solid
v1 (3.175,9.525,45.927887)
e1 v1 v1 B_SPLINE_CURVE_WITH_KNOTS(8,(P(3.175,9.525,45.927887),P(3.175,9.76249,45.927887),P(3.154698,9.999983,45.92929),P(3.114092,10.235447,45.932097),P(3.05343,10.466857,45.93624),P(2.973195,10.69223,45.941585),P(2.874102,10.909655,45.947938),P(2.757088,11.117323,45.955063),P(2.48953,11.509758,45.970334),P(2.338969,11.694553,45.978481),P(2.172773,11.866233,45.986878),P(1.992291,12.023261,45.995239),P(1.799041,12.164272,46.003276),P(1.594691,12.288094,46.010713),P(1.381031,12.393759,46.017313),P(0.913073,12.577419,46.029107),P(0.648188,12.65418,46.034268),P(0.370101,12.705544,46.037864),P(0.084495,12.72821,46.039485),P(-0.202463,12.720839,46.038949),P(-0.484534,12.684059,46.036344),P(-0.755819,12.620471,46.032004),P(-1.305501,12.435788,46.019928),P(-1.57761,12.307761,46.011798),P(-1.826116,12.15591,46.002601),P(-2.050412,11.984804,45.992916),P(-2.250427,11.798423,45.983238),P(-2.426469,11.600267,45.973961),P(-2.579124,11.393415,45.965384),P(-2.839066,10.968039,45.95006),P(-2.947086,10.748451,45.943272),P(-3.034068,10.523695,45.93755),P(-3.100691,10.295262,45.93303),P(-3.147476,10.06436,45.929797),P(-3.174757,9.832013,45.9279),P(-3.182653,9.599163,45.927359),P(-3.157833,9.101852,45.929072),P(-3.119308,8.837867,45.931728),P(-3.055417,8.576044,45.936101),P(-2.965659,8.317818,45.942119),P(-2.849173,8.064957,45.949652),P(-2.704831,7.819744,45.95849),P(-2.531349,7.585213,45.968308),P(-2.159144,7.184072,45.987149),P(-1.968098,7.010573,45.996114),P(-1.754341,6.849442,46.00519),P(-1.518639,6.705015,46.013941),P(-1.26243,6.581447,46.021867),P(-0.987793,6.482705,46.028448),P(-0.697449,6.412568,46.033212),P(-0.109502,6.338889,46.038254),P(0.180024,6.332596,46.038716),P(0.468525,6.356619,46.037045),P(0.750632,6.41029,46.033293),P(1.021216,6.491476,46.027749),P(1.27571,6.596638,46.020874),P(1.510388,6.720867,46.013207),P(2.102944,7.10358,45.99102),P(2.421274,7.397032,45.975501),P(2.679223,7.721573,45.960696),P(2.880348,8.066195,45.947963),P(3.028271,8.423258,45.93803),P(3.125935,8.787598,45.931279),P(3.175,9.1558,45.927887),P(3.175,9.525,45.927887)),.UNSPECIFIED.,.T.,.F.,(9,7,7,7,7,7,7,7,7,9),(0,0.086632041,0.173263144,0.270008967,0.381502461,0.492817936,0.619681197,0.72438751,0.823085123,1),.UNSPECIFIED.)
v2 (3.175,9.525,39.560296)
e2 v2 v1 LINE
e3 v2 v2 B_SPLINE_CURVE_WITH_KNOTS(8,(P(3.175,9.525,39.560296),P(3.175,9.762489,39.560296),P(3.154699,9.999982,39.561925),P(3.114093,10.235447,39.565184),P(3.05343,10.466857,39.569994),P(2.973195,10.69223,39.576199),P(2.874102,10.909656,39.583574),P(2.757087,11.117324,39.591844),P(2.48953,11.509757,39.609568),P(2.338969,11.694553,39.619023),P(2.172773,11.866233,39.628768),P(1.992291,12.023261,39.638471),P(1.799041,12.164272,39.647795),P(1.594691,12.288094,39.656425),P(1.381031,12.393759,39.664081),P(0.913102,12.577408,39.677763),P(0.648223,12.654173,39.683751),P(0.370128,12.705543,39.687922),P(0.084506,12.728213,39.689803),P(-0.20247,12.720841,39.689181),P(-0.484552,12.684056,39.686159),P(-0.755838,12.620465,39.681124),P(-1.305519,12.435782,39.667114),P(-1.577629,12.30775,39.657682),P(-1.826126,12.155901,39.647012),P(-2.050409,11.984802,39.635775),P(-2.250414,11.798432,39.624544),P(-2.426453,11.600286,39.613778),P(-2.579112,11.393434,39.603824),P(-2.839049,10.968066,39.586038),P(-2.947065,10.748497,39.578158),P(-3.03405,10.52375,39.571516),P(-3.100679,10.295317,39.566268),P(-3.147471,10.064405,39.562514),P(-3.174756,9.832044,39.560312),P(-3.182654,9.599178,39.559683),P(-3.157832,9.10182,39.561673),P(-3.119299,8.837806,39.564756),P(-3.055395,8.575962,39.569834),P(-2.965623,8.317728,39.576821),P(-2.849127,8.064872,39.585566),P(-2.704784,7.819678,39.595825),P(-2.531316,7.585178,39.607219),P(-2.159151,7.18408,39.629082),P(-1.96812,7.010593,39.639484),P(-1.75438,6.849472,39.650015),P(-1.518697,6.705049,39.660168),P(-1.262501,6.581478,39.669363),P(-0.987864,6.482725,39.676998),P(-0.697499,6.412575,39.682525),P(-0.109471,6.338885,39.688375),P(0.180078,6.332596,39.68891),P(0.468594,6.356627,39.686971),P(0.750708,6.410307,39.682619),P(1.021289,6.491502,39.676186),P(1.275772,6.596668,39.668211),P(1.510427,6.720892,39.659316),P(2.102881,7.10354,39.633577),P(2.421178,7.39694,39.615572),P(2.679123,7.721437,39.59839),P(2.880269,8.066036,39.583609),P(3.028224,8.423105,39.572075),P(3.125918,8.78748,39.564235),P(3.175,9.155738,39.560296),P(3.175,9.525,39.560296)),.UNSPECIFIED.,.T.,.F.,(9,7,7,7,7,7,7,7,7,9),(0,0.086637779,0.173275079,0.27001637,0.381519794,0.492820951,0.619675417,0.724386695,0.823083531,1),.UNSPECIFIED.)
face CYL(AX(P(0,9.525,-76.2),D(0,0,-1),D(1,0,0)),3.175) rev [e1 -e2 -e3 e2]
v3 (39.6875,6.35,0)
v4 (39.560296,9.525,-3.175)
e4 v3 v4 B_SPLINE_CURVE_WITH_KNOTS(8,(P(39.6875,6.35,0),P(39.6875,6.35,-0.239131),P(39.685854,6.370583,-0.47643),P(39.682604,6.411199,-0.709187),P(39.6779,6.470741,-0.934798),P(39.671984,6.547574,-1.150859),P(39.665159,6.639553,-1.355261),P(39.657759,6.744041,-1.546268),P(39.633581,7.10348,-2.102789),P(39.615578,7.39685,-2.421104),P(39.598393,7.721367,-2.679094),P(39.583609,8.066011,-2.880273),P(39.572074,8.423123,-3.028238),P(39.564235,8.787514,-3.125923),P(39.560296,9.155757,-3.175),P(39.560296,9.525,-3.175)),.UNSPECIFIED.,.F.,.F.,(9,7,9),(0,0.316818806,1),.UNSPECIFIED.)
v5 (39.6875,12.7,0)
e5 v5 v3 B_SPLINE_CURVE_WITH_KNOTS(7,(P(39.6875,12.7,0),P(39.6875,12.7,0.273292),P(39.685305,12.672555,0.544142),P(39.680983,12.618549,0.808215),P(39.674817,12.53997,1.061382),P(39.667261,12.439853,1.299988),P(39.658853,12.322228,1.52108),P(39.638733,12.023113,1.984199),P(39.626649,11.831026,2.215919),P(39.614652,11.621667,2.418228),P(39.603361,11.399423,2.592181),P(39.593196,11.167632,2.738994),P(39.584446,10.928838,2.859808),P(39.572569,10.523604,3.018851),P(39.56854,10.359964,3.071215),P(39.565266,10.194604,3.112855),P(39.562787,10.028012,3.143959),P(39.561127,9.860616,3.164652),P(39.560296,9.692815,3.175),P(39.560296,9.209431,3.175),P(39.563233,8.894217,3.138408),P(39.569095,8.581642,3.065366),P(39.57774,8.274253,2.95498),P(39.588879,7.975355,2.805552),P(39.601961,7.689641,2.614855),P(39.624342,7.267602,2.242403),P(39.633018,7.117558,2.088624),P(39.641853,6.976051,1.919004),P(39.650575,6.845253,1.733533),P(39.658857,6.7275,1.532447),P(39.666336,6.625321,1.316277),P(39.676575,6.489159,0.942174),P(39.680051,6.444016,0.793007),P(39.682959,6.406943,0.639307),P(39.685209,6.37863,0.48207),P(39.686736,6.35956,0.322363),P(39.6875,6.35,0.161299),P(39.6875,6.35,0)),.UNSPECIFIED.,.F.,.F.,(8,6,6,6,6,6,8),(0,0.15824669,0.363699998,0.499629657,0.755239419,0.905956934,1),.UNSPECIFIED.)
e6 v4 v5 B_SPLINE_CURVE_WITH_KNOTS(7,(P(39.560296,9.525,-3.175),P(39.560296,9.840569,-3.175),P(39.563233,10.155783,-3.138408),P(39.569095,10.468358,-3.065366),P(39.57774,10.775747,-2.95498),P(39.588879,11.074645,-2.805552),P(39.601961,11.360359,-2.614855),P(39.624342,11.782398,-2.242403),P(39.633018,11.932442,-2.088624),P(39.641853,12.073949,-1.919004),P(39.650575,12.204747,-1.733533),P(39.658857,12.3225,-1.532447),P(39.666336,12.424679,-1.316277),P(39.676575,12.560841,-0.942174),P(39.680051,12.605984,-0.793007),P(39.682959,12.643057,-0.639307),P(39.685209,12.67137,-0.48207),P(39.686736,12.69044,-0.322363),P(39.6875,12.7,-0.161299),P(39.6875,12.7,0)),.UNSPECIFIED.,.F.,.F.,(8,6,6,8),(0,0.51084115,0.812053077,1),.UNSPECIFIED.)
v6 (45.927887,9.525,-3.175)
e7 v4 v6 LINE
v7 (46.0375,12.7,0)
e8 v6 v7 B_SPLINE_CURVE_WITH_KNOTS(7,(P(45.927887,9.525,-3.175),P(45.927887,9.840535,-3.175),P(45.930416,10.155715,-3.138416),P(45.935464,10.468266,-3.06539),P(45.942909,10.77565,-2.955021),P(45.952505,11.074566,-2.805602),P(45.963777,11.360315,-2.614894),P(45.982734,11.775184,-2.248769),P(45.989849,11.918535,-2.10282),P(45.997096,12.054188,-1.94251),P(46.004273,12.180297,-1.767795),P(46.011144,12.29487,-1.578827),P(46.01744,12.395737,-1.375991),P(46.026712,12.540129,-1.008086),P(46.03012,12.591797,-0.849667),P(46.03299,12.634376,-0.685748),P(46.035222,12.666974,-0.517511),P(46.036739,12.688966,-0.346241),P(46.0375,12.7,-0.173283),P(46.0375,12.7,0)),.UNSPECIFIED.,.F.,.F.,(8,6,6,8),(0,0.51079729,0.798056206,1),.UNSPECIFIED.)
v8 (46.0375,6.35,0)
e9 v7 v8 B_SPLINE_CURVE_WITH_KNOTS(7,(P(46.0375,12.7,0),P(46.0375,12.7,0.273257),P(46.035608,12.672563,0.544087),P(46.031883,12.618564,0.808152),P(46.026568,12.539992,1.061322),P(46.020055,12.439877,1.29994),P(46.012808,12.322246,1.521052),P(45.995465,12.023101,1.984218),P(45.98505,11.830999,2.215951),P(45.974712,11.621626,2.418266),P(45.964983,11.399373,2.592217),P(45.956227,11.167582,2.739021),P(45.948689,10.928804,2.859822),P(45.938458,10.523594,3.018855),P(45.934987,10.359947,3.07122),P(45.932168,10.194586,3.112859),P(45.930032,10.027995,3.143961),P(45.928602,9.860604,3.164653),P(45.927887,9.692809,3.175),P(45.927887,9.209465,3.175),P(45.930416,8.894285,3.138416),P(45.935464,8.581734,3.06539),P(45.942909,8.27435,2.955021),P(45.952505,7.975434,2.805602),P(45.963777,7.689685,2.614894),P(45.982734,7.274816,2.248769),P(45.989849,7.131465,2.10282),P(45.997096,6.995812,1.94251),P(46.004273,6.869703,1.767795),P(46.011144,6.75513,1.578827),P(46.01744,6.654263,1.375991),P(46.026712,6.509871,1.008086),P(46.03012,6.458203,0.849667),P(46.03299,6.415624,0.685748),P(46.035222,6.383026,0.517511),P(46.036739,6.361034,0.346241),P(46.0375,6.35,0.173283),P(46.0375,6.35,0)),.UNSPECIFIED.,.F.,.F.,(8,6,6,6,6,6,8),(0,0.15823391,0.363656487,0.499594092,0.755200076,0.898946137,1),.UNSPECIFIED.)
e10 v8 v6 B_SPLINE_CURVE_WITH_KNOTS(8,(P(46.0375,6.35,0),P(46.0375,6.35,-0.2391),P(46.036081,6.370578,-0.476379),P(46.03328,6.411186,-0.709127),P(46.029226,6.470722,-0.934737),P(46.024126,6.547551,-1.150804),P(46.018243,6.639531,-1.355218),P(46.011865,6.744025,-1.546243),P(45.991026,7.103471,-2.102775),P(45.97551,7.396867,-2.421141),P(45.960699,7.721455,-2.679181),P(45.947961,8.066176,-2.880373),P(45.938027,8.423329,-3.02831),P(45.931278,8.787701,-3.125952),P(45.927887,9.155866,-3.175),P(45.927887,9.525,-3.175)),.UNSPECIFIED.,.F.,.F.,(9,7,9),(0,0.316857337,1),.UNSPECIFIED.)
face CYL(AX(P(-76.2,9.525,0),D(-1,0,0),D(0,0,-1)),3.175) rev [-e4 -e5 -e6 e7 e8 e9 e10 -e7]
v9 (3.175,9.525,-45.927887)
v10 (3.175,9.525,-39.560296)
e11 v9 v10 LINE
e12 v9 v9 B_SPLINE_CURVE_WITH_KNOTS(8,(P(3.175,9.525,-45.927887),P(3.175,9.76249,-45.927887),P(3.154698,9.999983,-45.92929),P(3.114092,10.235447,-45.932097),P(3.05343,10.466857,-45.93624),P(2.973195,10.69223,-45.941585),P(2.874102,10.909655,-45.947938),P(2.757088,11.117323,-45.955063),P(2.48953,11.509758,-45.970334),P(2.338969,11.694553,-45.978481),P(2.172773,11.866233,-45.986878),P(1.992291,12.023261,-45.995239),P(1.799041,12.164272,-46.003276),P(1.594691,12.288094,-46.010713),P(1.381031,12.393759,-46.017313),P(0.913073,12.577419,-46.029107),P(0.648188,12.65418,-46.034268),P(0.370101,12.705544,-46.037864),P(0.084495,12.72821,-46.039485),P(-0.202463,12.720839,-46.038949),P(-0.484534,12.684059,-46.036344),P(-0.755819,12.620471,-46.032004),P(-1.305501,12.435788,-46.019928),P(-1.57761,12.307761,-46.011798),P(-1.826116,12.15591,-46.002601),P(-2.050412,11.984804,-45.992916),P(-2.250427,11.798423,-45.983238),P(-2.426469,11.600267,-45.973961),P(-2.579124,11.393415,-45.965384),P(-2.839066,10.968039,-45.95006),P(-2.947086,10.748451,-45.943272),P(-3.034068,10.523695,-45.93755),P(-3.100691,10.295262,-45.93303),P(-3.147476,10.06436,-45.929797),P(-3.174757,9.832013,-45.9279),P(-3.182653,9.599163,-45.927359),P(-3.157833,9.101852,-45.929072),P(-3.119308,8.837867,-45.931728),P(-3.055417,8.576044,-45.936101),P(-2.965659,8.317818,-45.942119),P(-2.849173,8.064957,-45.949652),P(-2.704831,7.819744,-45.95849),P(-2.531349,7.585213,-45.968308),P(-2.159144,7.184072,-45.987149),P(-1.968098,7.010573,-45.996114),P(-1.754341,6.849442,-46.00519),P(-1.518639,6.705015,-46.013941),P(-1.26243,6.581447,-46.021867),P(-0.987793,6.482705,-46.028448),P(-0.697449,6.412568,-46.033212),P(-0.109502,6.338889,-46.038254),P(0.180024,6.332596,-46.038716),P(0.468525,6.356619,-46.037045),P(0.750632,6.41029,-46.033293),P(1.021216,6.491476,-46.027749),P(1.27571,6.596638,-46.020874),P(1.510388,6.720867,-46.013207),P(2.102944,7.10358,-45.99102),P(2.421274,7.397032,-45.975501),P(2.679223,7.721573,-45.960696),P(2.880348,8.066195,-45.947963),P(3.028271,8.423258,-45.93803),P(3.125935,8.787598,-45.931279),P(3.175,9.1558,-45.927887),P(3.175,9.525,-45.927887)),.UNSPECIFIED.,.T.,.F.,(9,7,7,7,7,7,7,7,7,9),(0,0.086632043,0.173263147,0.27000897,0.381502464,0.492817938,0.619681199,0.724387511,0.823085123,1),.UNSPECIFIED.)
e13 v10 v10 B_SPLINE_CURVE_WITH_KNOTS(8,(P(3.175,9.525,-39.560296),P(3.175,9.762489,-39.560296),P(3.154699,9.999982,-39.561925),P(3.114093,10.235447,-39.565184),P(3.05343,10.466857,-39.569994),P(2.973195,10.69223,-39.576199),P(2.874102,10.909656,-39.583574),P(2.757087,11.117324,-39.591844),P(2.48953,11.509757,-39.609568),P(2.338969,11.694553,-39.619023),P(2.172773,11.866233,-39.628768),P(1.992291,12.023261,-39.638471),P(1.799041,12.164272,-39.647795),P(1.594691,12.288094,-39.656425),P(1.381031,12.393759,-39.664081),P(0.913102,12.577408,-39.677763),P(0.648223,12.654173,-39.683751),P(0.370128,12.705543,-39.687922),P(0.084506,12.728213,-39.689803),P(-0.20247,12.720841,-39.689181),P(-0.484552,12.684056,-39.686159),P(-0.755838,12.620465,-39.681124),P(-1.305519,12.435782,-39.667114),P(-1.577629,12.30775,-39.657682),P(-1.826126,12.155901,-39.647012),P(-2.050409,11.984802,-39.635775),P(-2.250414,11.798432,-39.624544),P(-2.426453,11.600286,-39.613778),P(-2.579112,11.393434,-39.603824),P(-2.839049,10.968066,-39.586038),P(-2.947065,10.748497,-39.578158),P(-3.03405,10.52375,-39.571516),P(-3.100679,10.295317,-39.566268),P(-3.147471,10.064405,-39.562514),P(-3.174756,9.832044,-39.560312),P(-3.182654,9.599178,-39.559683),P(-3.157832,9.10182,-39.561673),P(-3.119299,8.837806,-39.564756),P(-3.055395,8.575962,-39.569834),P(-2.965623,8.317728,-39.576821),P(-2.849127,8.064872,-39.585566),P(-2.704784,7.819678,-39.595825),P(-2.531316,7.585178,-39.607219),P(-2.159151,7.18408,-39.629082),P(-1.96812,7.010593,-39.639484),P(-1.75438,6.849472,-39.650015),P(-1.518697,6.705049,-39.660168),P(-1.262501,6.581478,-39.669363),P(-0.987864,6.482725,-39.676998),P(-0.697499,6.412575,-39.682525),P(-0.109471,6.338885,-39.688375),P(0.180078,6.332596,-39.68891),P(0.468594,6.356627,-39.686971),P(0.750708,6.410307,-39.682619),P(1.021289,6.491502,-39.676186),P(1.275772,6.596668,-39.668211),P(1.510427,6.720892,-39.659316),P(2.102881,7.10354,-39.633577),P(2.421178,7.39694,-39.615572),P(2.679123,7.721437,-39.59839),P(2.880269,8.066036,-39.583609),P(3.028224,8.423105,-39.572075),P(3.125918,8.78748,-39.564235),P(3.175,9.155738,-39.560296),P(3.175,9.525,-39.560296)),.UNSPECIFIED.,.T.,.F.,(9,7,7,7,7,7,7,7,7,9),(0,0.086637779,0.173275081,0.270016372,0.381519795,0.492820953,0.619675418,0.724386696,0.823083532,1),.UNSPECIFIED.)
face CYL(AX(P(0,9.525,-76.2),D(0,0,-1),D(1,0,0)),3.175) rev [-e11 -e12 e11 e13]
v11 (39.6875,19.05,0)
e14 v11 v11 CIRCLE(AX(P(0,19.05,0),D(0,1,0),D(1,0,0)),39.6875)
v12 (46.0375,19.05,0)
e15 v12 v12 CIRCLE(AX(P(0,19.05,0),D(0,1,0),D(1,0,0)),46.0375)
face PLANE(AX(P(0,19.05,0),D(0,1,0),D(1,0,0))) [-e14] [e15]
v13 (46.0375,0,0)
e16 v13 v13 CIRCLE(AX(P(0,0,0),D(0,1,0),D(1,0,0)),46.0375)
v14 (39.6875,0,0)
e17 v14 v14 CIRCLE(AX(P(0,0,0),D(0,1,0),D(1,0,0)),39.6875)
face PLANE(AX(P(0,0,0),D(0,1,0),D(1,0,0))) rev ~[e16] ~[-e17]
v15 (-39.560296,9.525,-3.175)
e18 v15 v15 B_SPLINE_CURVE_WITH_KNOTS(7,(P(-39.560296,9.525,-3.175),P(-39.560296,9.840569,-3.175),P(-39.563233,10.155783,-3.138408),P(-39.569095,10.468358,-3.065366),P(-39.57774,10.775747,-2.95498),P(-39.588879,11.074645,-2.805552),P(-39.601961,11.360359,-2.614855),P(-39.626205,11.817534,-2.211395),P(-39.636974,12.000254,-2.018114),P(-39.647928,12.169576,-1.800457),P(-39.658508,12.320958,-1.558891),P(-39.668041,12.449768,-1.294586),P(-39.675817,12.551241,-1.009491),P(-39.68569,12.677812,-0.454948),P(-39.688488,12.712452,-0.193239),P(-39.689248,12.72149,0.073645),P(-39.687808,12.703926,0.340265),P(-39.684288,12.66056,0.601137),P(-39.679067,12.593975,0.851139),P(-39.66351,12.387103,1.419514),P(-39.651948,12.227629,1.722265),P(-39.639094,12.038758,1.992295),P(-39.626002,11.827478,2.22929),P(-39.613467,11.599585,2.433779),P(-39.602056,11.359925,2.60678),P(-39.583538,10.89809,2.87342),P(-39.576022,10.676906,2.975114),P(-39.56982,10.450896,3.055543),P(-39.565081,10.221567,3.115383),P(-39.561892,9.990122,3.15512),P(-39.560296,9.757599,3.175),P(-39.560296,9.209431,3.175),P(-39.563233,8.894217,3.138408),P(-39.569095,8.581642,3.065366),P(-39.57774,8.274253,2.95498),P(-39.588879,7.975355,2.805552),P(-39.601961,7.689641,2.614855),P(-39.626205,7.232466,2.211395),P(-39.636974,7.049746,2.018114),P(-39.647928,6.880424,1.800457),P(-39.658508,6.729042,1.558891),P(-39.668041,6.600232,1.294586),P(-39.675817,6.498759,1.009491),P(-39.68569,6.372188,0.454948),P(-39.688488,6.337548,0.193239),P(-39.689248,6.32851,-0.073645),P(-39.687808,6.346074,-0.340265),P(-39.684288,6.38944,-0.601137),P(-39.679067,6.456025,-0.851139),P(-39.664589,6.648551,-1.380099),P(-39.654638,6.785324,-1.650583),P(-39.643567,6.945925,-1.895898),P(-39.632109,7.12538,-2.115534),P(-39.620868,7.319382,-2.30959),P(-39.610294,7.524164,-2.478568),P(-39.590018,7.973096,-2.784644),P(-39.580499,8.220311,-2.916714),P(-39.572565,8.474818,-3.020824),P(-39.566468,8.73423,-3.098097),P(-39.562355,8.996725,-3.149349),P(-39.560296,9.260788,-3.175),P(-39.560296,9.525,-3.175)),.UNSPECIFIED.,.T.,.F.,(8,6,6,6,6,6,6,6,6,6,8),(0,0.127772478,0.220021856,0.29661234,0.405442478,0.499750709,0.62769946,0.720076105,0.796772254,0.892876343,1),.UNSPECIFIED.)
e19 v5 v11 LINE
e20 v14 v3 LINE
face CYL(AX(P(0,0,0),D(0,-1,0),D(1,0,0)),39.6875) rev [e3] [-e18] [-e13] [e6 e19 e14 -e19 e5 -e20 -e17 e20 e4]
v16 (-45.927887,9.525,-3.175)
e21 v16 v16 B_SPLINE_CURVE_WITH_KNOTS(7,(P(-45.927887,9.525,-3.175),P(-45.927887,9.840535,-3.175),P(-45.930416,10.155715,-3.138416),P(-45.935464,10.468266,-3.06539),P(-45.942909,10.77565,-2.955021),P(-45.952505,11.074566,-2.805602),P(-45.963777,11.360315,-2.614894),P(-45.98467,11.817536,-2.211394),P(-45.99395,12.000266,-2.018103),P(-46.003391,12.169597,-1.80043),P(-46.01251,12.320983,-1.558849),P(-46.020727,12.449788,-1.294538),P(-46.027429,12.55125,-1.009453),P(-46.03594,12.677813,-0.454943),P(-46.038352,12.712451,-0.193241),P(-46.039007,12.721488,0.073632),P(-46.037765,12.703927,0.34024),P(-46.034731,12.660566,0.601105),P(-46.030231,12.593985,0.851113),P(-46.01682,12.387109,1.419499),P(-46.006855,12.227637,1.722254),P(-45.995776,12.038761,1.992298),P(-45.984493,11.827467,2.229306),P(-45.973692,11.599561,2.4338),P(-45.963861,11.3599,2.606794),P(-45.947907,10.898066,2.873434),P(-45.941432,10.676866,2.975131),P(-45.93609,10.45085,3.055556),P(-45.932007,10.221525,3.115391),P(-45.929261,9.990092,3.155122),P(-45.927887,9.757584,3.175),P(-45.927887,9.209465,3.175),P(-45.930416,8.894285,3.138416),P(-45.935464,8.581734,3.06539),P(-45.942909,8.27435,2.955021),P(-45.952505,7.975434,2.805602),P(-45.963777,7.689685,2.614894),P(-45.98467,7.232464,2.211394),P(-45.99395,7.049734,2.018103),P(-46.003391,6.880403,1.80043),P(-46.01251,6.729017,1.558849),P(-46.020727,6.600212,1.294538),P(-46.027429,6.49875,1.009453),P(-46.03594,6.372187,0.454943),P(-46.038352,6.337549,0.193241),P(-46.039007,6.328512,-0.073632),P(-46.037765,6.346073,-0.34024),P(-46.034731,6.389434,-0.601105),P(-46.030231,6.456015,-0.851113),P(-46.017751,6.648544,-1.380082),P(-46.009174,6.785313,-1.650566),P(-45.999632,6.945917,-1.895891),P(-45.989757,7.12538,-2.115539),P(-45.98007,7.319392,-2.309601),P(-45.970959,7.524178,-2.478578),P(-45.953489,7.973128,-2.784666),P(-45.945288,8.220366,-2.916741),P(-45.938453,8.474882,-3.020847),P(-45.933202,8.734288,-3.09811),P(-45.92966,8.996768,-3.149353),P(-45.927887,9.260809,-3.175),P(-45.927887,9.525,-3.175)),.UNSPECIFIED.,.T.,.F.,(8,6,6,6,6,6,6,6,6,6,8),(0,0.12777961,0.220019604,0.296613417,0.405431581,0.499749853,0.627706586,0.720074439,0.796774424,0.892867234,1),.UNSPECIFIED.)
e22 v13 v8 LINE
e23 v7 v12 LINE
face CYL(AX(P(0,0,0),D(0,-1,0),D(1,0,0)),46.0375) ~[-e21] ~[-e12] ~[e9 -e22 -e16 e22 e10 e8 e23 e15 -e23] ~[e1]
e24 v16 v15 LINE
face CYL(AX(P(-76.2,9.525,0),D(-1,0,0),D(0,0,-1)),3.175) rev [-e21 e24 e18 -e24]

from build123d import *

# Parameters (mm, degrees)
SKETCH1_R               = 46.0375
SKETCH1_R_2             = 39.6875
BOSS_EXTRUDE1_DEPTH     = 19.05
CUT_EXTRUDE4_DEPTH      = 76.2
CUT_EXTRUDE4_DEPTH_BACK = 76.2
SKETCH7_R               = 3.175
CUT_EXTRUDE5_DEPTH      = 76.2
CUT_EXTRUDE5_DEPTH_BACK = 76.2
SKETCH10_R              = 3.175


with BuildPart() as part:
    # Sketch1 → Boss-Extrude1 (new body)
    with BuildSketch(Plane(origin=(0, 0, 0), x_dir=(1, 0, 0), z_dir=(0, 1, 0))):
        Circle(SKETCH1_R)
        Circle(SKETCH1_R_2, mode=Mode.SUBTRACT)
    extrude(amount=BOSS_EXTRUDE1_DEPTH)

    # Sketch7 → Cut-Extrude4 (cut, two sides: drawn at the far end of the back side and taken through both)
    with BuildSketch(Plane.XY.offset(-CUT_EXTRUDE4_DEPTH_BACK)):
        with Locations((0, 9.525)):
            Circle(SKETCH7_R)
    extrude(amount=CUT_EXTRUDE4_DEPTH + CUT_EXTRUDE4_DEPTH_BACK, mode=Mode.SUBTRACT)

    # Sketch10 → Cut-Extrude5 (cut, two sides: drawn at the far end of the back side and taken through both)
    with BuildSketch(Plane(origin=(0, 0, 0), x_dir=(0, 0, -1), z_dir=(1, 0, 0)).offset(-CUT_EXTRUDE5_DEPTH_BACK)):
        with Locations((0, 9.525)):
            Circle(SKETCH10_R)
    extrude(amount=CUT_EXTRUDE5_DEPTH + CUT_EXTRUDE5_DEPTH_BACK, mode=Mode.SUBTRACT)


solid = part.part
